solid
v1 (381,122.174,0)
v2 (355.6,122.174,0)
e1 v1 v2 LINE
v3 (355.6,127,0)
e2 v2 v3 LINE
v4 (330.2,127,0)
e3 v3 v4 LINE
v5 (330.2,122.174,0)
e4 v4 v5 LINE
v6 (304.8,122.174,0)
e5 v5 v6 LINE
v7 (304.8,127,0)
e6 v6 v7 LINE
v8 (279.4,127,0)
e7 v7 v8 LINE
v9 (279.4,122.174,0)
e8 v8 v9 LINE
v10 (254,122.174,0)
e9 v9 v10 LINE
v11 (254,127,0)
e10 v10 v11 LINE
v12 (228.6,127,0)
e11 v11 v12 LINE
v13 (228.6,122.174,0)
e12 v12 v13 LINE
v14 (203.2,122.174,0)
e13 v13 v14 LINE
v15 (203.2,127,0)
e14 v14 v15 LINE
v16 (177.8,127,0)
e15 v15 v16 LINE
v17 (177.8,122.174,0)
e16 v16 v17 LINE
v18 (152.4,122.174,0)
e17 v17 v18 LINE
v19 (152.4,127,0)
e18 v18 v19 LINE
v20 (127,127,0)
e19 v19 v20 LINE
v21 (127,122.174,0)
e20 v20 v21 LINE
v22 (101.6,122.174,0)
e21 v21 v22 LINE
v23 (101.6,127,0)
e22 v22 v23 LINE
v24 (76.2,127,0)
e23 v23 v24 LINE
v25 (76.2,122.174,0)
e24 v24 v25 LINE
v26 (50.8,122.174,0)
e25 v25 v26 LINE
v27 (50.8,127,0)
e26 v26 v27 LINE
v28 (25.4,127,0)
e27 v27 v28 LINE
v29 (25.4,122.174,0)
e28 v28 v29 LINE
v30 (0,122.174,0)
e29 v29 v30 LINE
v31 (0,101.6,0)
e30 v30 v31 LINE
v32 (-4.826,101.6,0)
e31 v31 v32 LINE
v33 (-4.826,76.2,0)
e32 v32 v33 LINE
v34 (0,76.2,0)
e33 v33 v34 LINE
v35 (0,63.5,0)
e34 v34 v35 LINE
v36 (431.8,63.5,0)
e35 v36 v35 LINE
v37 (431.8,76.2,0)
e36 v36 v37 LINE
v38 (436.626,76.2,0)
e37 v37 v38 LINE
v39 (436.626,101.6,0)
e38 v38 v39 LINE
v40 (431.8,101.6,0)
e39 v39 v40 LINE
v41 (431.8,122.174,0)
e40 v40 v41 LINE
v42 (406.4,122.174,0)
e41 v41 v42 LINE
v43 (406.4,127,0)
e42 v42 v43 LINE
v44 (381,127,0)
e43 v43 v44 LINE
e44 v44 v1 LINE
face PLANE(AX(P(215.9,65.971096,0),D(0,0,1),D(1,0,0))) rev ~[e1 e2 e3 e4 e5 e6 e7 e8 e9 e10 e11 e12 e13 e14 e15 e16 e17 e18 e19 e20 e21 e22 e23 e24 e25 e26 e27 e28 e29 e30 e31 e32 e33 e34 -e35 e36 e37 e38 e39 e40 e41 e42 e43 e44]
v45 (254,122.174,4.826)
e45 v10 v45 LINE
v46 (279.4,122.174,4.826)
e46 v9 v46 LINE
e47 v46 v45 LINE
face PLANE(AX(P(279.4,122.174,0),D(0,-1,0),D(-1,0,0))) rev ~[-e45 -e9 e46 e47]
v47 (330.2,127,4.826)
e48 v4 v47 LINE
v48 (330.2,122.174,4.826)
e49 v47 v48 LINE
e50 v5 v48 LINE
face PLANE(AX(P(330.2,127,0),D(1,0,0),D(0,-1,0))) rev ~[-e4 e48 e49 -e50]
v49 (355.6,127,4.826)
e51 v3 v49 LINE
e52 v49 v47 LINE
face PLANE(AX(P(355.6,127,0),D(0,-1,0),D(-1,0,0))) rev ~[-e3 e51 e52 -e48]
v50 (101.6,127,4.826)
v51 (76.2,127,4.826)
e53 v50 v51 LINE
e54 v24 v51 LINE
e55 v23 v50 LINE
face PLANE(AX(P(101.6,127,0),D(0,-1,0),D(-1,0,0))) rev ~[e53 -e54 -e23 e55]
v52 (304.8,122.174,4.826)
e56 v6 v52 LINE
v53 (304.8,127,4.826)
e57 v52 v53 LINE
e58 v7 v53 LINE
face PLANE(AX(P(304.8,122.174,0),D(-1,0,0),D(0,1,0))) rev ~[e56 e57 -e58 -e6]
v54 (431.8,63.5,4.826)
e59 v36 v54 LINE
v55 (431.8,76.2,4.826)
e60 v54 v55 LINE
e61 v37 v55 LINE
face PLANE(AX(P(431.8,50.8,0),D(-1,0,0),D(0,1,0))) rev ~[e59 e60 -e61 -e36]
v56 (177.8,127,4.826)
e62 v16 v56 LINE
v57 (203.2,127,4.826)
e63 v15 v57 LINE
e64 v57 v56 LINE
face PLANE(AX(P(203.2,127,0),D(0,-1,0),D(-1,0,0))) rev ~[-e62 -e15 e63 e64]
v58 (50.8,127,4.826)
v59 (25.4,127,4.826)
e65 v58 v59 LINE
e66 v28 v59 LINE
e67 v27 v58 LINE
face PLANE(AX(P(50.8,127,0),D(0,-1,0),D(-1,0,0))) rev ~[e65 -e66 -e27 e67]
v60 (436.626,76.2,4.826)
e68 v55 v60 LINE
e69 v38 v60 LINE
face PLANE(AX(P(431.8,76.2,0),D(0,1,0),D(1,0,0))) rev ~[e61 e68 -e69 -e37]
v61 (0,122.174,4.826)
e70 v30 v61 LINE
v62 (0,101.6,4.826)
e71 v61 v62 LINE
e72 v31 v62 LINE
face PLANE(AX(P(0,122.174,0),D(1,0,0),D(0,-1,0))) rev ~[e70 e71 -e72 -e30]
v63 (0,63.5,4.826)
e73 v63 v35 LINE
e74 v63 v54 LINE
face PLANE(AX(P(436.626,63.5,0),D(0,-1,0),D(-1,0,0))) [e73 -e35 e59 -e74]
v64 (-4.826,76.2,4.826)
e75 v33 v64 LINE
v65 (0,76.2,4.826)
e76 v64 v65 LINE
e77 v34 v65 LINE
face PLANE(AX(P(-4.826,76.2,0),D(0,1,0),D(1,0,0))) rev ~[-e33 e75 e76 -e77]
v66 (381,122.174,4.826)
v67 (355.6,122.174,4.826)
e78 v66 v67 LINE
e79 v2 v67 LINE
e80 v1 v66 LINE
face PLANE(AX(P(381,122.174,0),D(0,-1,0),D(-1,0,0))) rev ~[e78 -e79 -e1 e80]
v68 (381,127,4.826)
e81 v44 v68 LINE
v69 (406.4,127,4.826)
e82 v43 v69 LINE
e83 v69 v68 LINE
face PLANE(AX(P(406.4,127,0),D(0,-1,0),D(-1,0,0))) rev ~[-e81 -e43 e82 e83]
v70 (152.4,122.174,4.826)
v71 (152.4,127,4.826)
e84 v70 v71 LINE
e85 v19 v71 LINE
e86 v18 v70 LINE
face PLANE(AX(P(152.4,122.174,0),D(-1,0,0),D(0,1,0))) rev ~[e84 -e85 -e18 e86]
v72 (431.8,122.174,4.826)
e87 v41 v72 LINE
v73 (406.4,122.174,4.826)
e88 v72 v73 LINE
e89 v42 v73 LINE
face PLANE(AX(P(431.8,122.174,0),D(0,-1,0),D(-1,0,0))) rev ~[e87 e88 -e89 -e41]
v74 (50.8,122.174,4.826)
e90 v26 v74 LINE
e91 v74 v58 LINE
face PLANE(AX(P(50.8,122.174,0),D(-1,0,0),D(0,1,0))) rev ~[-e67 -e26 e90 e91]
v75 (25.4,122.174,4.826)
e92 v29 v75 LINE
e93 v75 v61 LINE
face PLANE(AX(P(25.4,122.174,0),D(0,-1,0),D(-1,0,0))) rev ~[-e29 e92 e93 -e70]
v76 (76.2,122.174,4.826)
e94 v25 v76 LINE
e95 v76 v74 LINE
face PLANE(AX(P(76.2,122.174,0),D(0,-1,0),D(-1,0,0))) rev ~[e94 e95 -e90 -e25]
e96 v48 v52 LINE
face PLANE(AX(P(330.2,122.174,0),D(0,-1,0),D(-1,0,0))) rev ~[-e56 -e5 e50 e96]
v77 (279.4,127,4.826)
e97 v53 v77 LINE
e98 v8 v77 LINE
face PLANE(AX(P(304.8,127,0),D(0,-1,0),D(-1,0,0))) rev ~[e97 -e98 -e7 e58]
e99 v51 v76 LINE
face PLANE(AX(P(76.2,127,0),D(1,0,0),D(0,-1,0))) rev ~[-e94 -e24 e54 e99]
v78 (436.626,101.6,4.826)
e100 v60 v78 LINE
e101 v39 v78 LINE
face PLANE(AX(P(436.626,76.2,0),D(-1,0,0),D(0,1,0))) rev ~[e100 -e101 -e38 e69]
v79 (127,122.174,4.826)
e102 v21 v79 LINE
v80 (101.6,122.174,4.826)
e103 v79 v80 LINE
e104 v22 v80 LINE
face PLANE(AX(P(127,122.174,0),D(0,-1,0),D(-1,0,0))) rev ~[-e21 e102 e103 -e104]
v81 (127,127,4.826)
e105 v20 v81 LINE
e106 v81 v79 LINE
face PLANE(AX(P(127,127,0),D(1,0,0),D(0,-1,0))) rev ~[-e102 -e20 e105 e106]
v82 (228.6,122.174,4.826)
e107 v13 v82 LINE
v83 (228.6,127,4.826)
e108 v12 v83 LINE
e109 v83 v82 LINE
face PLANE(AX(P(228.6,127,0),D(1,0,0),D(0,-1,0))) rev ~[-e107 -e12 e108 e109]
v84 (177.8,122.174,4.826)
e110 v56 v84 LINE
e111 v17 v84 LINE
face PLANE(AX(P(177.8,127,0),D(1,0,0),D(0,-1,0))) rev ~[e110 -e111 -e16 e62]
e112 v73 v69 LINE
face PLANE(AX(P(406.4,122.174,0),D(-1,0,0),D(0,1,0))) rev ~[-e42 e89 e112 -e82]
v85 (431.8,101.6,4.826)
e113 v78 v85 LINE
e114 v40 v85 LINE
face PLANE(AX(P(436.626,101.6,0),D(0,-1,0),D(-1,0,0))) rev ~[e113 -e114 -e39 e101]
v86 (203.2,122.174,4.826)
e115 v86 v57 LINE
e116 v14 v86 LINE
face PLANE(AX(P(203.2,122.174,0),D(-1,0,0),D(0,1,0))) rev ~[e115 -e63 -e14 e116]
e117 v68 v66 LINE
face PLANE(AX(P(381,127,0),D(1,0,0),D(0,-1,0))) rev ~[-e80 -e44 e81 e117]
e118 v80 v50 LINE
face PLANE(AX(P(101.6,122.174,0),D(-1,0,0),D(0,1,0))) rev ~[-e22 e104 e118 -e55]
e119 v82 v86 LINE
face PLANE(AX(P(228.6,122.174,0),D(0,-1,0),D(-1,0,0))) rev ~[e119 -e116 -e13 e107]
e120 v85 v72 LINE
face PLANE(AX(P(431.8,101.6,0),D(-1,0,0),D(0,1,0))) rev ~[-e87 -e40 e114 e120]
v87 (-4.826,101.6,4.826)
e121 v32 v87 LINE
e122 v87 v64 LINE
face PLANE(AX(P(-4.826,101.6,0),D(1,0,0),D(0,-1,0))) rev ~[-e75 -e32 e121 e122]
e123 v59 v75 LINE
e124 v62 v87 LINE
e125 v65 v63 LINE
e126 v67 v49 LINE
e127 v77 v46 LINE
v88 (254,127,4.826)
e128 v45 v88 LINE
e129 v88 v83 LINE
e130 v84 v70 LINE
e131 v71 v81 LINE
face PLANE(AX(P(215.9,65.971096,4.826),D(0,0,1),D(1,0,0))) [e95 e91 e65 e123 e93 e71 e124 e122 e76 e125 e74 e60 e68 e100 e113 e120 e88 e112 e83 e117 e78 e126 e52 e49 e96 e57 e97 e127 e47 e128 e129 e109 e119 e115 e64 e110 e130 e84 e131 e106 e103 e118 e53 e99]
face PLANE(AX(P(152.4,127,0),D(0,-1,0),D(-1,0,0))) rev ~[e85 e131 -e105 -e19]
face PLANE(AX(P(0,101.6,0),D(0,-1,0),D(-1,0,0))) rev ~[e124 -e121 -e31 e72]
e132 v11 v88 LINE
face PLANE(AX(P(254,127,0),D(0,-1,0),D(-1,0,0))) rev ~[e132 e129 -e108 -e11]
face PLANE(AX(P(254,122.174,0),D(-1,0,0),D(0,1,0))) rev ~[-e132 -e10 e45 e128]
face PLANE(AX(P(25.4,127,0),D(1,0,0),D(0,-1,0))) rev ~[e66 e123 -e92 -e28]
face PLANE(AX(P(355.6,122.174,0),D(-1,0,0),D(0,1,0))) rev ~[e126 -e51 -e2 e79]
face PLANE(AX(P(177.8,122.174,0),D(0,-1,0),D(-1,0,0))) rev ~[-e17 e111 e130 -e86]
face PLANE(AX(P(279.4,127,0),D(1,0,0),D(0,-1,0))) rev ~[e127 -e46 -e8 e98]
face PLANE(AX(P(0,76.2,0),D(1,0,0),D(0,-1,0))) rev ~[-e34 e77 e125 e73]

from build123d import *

# Parameters (mm, degrees)
BOSS_EXTRUDE1_DEPTH = 4.826
SKETCH3_W           = 441.452
SKETCH3_H           = 63.5
CUT_EXTRUDE1_DEPTH  = 5.826


with BuildPart() as part:
    # Sketch2 → Boss-Extrude1 (new body)
    with BuildSketch(Plane.XY):
        Polygon((0, 122.174), (0, 101.6), (-4.826, 101.6), (-4.826, 76.2), (0, 76.2), (0, 50.8), (-4.826, 50.8), (-4.826, 25.4), (0, 25.4), (0, 0), (431.8, 0), (431.8, 25.4), (436.626, 25.4), (436.626, 50.8), (431.8, 50.8), (431.8, 76.2), (436.626, 76.2), (436.626, 101.6), (431.8, 101.6), (431.8, 122.174), (406.4, 122.174), (406.4, 127), (381, 127), (381, 122.174), (355.6, 122.174), (355.6, 127), (330.2, 127), (330.2, 122.174), (304.8, 122.174), (304.8, 127), (279.4, 127), (279.4, 122.174), (254, 122.174), (254, 127), (228.6, 127), (228.6, 122.174), (203.2, 122.174), (203.2, 127), (177.8, 127), (177.8, 122.174), (152.4, 122.174), (152.4, 127), (127, 127), (127, 122.174), (101.6, 122.174), (101.6, 127), (76.2, 127), (76.2, 122.174), (50.8, 122.174), (50.8, 127), (25.4, 127), (25.4, 122.174), align=None)
    extrude(amount=BOSS_EXTRUDE1_DEPTH)

    # Sketch3 → Cut-Extrude1 (cut, through all)
    with BuildSketch(Plane(origin=(0, 0, 0), x_dir=(-1, 0, 0), z_dir=(0, 0, -1))):
        with Locations((-215.9, 31.75)):
            Rectangle(SKETCH3_W, SKETCH3_H)
    extrude(amount=-CUT_EXTRUDE1_DEPTH, mode=Mode.SUBTRACT)


solid = part.part
